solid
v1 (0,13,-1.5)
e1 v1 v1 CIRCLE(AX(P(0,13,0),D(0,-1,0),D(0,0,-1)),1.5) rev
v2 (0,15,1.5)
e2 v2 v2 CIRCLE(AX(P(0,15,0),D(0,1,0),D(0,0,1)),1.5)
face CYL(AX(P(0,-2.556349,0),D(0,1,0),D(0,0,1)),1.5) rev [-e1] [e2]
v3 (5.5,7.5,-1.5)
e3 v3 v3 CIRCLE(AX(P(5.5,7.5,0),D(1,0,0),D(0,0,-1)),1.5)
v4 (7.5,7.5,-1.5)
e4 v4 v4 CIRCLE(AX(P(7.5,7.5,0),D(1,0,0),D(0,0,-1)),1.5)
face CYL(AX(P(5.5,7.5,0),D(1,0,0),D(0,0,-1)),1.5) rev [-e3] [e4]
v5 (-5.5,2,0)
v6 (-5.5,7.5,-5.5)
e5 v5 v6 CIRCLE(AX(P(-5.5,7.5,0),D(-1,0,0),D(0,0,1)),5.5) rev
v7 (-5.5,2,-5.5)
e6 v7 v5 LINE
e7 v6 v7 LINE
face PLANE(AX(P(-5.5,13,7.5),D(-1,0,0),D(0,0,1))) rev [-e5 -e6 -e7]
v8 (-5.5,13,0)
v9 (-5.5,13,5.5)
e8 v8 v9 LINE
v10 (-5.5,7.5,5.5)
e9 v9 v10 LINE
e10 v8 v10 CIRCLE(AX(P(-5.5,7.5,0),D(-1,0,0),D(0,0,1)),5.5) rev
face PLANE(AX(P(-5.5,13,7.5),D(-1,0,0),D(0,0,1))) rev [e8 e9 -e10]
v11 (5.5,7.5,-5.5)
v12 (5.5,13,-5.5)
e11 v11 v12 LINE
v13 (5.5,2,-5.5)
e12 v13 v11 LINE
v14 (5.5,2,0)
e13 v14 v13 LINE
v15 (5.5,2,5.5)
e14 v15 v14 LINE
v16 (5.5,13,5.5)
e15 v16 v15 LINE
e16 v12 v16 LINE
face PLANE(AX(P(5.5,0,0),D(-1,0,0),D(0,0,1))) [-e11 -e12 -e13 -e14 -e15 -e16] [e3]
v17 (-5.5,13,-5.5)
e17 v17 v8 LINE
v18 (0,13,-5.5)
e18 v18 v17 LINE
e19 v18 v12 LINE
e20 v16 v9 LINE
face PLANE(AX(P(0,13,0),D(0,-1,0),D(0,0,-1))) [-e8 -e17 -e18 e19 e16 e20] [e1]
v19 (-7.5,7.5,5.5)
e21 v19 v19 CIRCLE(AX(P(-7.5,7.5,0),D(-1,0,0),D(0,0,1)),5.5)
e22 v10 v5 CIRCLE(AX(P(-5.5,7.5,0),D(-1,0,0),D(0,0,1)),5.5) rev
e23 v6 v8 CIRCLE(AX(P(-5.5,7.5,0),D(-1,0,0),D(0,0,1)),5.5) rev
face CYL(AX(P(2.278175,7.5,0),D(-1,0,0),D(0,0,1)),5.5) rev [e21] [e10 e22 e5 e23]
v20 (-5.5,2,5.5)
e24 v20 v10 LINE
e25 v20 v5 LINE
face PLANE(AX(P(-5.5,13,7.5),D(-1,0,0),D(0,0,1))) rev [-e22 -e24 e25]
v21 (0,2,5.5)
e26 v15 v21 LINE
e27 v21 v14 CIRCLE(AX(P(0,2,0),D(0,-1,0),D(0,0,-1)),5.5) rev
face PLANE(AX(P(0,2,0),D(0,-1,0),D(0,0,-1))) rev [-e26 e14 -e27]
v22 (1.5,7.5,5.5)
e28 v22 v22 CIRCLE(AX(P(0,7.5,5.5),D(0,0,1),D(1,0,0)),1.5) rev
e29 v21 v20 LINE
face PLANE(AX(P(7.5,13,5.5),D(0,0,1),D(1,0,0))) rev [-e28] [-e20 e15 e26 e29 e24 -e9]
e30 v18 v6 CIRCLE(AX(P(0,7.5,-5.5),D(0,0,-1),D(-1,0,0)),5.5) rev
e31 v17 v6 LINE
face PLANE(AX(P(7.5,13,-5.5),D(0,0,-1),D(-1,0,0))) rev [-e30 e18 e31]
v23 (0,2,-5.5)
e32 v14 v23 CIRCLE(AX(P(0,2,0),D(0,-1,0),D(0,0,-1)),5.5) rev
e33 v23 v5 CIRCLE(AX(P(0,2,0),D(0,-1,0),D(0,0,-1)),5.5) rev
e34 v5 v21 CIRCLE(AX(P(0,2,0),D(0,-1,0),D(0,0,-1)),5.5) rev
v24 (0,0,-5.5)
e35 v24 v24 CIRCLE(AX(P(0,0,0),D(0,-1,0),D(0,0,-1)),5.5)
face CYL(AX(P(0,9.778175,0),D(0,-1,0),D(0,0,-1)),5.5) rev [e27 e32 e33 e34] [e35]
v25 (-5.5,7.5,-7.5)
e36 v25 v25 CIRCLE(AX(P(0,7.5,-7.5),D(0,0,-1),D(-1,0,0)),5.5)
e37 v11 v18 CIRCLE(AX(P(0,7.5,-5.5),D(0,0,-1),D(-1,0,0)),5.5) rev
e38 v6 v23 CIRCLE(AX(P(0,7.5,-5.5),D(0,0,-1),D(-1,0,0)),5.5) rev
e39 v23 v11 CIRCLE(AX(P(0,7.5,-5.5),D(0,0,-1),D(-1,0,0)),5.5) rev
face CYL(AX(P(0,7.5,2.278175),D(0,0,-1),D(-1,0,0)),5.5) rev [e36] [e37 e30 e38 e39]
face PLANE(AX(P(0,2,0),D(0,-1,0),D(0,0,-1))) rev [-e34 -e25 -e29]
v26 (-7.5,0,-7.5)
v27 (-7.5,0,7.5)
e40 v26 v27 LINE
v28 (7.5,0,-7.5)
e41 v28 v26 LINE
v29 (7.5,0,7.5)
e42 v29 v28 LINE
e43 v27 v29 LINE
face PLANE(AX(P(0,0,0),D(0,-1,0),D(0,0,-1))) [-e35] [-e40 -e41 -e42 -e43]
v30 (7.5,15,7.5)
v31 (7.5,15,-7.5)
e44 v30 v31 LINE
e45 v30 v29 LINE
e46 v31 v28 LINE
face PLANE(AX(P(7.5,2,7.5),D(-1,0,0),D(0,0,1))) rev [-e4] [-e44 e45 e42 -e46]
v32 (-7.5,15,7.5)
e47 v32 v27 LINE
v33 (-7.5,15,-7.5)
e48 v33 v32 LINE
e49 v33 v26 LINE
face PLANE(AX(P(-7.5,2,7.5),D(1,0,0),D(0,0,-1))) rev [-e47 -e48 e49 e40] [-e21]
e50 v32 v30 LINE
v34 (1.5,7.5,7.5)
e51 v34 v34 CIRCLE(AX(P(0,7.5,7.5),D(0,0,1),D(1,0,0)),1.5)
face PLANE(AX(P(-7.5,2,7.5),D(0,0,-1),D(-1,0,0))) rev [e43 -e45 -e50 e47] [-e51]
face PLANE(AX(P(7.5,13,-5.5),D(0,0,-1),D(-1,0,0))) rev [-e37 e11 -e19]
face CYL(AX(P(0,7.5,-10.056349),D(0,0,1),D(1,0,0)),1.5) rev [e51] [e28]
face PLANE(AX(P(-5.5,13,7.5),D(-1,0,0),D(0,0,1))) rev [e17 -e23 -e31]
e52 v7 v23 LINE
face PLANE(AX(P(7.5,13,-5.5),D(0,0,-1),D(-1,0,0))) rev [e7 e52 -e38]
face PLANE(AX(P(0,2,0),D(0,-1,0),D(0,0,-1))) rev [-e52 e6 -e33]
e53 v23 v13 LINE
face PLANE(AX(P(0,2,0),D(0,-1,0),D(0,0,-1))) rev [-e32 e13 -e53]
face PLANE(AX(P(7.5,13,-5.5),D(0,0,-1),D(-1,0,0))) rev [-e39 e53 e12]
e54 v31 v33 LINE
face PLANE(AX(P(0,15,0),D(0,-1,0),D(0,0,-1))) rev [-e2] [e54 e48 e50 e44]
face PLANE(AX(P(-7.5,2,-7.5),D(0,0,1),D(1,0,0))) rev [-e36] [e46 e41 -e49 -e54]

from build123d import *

# Parameters (mm, degrees)
SKETCH1_W           = 15
SKETCH1_H           = 15
SKETCH1_W_2         = 11
SKETCH1_H_2         = 11
BOSS_EXTRUDE1_DEPTH = 2
SKETCH5_W           = 2
SKETCH5_H           = 2
BOSS_EXTRUDE2_DEPTH = 11
SKETCH8_W           = 15
SKETCH8_H           = 15
SKETCH8_W_2         = 11
SKETCH8_H_2         = 11
BOSS_EXTRUDE3_DEPTH = 2
BOSS_EXTRUDE4_DEPTH = 2
BOSS_EXTRUDE5_DEPTH = 2
BOSS_EXTRUDE6_DEPTH = 2
SKETCH12_W          = 11
SKETCH12_H          = 11
SKETCH12_R          = 1.5
BOSS_EXTRUDE7_DEPTH = 2
SKETCH13_W          = 11
SKETCH13_H          = 11
SKETCH13_R          = 1.5
BOSS_EXTRUDE8_DEPTH = 2
BOSS_EXTRUDE9_START = -2
SKETCH14_W          = 11
SKETCH14_H          = 11
SKETCH14_R          = 1.5
BOSS_EXTRUDE9_DEPTH = 2


with BuildPart() as part:
    # Sketch1 → Boss-Extrude1 (new body)
    with BuildSketch(Plane(origin=(0, 0, 0), x_dir=(1, 0, 0), z_dir=(0, 1, 0))):
        Rectangle(SKETCH1_W, SKETCH1_H)
        Rectangle(SKETCH1_W_2, SKETCH1_H_2, mode=Mode.SUBTRACT)
    extrude(amount=BOSS_EXTRUDE1_DEPTH)

    # Sketch5 → Boss-Extrude2 (add)
    with BuildSketch(Plane(origin=(0, 2, 0), x_dir=(1, 0, 0), z_dir=(0, 1, 0))):
        with Locations((-6.5, -6.5)):
            Rectangle(SKETCH5_W, SKETCH5_H)
        with Locations((6.5, -6.5)):
            Rectangle(SKETCH5_W, SKETCH5_H)
        with Locations((6.5, 6.5)):
            Rectangle(SKETCH5_W, SKETCH5_H)
        with Locations((-6.5, 6.5)):
            Rectangle(SKETCH5_W, SKETCH5_H)
    extrude(amount=BOSS_EXTRUDE2_DEPTH)

    # Sketch8 → Boss-Extrude3 (add)
    with BuildSketch(Plane(origin=(0, 13, 0), x_dir=(1, 0, 0), z_dir=(0, 1, 0))):
        Rectangle(SKETCH8_W, SKETCH8_H)
        Rectangle(SKETCH8_W_2, SKETCH8_H_2, mode=Mode.SUBTRACT)
    extrude(amount=BOSS_EXTRUDE3_DEPTH)

    # Sketch9 → Boss-Extrude4 (add)
    with BuildSketch(Plane.XZ):
        with BuildLine():
            Line((5.5, 0), (5.5, 5.5))
            Line((5.5, 5.5), (-2e-08, 5.5))
            ThreePointArc((-2e-08, 5.5), (3.88908729, 3.889087304), (5.5, 0))
        make_face()
        with BuildLine():
            ThreePointArc((-5.5, 1.5e-08), (-3.889087298, 3.889087295), (-2e-08, 5.5))
            Line((-2e-08, 5.5), (-5.5, 5.5))
            Line((-5.5, 5.5), (-5.5, 1.5e-08))
        make_face()
        with BuildLine():
            Line((5.5, -5.5), (5.5, 0))
            ThreePointArc((5.5, 0), (3.889087294, -3.889087299), (-7e-09, -5.5))
            Line((-7e-09, -5.5), (5.5, -5.5))
        make_face()
        with BuildLine():
            ThreePointArc((-7e-09, -5.5), (-3.889087305, -3.889087288), (-5.5, 1.5e-08))
            Line((-5.5, 1.5e-08), (-5.5, -5.5))
            Line((-5.5, -5.5), (-7e-09, -5.5))
        make_face()
    extrude(amount=-BOSS_EXTRUDE4_DEPTH)

    # Sketch10 → Boss-Extrude5 (add)
    with BuildSketch(Plane(origin=(0, 0, -7.5), x_dir=(-1, 0, 0), z_dir=(0, 0, -1))):
        with BuildLine():
            Line((-5.5, 13), (-5.5, 7.500000001))
            ThreePointArc((-5.5, 7.500000001), (-3.889087296, 11.389087297), (0, 13))
            Line((0, 13), (-5.5, 13))
        make_face()
        with BuildLine():
            ThreePointArc((0, 13), (3.889087297, 11.389087297), (5.5, 7.5))
            Line((5.5, 7.5), (5.5, 13))
            Line((5.5, 13), (0, 13))
        make_face()
        with BuildLine():
            ThreePointArc((5.5, 7.5), (3.889087297, 3.610912703), (0, 2))
            Line((0, 2), (5.5, 2))
            Line((5.5, 2), (5.5, 7.5))
        make_face()
        with BuildLine():
            Line((-5.5, 7.500000001), (-5.5, 2))
            Line((-5.5, 2), (0, 2))
            ThreePointArc((0, 2), (-3.889087297, 3.610912704), (-5.5, 7.500000001))
        make_face()
    extrude(amount=-BOSS_EXTRUDE5_DEPTH)

    # Sketch11 → Boss-Extrude6 (add)
    with BuildSketch(Plane.ZY.offset(7.5)):
        with BuildLine():
            Line((-5.5, 13), (-5.5, 7.5))
            ThreePointArc((-5.5, 7.5), (-3.88908729, 11.389087303), (1.9e-08, 13))
            Line((1.9e-08, 13), (-5.5, 13))
        make_face()
        with BuildLine():
            ThreePointArc((1.9e-08, 13), (3.889087303, 11.38908729), (5.5, 7.5))
            Line((5.5, 7.5), (5.5, 13))
            Line((5.5, 13), (1.9e-08, 13))
        make_face()
        with BuildLine():
            Line((-5.5, 7.5), (-5.5, 2))
            Line((-5.5, 2), (-7e-09, 2))
            ThreePointArc((-7e-09, 2), (-3.889087299, 3.610912706), (-5.5, 7.5))
        make_face()
        with BuildLine():
            ThreePointArc((5.5, 7.5), (3.889087294, 3.610912701), (-7e-09, 2))
            Line((-7e-09, 2), (5.5, 2))
            Line((5.5, 2), (5.5, 7.5))
        make_face()
    extrude(amount=-BOSS_EXTRUDE6_DEPTH)

    # Sketch12 → Boss-Extrude7 (add)
    with BuildSketch(Plane.XY.offset(7.5)):
        with Locations((0, 7.5)):
            Rectangle(SKETCH12_W, SKETCH12_H)
        with Locations((0, 7.5)):
            Circle(SKETCH12_R, mode=Mode.SUBTRACT)
    extrude(amount=-BOSS_EXTRUDE7_DEPTH)

    # Sketch13 → Boss-Extrude8 (add)
    with BuildSketch(Plane(origin=(0, 15, 0), x_dir=(1, 0, 0), z_dir=(0, 1, 0))):
        Rectangle(SKETCH13_W, SKETCH13_H)
        Circle(SKETCH13_R, mode=Mode.SUBTRACT)
    extrude(amount=-BOSS_EXTRUDE8_DEPTH)

    # Sketch14 → Boss-Extrude9 (add)
    with BuildSketch(Plane(origin=(7.5, 0, 0), x_dir=(0, 0, -1), z_dir=(1, 0, 0)).offset(BOSS_EXTRUDE9_START)):
        with Locations((0, 7.5)):
            Rectangle(SKETCH14_W, SKETCH14_H)
        with Locations((0, 7.5)):
            Circle(SKETCH14_R, mode=Mode.SUBTRACT)
    extrude(amount=BOSS_EXTRUDE9_DEPTH)


solid = part.part
